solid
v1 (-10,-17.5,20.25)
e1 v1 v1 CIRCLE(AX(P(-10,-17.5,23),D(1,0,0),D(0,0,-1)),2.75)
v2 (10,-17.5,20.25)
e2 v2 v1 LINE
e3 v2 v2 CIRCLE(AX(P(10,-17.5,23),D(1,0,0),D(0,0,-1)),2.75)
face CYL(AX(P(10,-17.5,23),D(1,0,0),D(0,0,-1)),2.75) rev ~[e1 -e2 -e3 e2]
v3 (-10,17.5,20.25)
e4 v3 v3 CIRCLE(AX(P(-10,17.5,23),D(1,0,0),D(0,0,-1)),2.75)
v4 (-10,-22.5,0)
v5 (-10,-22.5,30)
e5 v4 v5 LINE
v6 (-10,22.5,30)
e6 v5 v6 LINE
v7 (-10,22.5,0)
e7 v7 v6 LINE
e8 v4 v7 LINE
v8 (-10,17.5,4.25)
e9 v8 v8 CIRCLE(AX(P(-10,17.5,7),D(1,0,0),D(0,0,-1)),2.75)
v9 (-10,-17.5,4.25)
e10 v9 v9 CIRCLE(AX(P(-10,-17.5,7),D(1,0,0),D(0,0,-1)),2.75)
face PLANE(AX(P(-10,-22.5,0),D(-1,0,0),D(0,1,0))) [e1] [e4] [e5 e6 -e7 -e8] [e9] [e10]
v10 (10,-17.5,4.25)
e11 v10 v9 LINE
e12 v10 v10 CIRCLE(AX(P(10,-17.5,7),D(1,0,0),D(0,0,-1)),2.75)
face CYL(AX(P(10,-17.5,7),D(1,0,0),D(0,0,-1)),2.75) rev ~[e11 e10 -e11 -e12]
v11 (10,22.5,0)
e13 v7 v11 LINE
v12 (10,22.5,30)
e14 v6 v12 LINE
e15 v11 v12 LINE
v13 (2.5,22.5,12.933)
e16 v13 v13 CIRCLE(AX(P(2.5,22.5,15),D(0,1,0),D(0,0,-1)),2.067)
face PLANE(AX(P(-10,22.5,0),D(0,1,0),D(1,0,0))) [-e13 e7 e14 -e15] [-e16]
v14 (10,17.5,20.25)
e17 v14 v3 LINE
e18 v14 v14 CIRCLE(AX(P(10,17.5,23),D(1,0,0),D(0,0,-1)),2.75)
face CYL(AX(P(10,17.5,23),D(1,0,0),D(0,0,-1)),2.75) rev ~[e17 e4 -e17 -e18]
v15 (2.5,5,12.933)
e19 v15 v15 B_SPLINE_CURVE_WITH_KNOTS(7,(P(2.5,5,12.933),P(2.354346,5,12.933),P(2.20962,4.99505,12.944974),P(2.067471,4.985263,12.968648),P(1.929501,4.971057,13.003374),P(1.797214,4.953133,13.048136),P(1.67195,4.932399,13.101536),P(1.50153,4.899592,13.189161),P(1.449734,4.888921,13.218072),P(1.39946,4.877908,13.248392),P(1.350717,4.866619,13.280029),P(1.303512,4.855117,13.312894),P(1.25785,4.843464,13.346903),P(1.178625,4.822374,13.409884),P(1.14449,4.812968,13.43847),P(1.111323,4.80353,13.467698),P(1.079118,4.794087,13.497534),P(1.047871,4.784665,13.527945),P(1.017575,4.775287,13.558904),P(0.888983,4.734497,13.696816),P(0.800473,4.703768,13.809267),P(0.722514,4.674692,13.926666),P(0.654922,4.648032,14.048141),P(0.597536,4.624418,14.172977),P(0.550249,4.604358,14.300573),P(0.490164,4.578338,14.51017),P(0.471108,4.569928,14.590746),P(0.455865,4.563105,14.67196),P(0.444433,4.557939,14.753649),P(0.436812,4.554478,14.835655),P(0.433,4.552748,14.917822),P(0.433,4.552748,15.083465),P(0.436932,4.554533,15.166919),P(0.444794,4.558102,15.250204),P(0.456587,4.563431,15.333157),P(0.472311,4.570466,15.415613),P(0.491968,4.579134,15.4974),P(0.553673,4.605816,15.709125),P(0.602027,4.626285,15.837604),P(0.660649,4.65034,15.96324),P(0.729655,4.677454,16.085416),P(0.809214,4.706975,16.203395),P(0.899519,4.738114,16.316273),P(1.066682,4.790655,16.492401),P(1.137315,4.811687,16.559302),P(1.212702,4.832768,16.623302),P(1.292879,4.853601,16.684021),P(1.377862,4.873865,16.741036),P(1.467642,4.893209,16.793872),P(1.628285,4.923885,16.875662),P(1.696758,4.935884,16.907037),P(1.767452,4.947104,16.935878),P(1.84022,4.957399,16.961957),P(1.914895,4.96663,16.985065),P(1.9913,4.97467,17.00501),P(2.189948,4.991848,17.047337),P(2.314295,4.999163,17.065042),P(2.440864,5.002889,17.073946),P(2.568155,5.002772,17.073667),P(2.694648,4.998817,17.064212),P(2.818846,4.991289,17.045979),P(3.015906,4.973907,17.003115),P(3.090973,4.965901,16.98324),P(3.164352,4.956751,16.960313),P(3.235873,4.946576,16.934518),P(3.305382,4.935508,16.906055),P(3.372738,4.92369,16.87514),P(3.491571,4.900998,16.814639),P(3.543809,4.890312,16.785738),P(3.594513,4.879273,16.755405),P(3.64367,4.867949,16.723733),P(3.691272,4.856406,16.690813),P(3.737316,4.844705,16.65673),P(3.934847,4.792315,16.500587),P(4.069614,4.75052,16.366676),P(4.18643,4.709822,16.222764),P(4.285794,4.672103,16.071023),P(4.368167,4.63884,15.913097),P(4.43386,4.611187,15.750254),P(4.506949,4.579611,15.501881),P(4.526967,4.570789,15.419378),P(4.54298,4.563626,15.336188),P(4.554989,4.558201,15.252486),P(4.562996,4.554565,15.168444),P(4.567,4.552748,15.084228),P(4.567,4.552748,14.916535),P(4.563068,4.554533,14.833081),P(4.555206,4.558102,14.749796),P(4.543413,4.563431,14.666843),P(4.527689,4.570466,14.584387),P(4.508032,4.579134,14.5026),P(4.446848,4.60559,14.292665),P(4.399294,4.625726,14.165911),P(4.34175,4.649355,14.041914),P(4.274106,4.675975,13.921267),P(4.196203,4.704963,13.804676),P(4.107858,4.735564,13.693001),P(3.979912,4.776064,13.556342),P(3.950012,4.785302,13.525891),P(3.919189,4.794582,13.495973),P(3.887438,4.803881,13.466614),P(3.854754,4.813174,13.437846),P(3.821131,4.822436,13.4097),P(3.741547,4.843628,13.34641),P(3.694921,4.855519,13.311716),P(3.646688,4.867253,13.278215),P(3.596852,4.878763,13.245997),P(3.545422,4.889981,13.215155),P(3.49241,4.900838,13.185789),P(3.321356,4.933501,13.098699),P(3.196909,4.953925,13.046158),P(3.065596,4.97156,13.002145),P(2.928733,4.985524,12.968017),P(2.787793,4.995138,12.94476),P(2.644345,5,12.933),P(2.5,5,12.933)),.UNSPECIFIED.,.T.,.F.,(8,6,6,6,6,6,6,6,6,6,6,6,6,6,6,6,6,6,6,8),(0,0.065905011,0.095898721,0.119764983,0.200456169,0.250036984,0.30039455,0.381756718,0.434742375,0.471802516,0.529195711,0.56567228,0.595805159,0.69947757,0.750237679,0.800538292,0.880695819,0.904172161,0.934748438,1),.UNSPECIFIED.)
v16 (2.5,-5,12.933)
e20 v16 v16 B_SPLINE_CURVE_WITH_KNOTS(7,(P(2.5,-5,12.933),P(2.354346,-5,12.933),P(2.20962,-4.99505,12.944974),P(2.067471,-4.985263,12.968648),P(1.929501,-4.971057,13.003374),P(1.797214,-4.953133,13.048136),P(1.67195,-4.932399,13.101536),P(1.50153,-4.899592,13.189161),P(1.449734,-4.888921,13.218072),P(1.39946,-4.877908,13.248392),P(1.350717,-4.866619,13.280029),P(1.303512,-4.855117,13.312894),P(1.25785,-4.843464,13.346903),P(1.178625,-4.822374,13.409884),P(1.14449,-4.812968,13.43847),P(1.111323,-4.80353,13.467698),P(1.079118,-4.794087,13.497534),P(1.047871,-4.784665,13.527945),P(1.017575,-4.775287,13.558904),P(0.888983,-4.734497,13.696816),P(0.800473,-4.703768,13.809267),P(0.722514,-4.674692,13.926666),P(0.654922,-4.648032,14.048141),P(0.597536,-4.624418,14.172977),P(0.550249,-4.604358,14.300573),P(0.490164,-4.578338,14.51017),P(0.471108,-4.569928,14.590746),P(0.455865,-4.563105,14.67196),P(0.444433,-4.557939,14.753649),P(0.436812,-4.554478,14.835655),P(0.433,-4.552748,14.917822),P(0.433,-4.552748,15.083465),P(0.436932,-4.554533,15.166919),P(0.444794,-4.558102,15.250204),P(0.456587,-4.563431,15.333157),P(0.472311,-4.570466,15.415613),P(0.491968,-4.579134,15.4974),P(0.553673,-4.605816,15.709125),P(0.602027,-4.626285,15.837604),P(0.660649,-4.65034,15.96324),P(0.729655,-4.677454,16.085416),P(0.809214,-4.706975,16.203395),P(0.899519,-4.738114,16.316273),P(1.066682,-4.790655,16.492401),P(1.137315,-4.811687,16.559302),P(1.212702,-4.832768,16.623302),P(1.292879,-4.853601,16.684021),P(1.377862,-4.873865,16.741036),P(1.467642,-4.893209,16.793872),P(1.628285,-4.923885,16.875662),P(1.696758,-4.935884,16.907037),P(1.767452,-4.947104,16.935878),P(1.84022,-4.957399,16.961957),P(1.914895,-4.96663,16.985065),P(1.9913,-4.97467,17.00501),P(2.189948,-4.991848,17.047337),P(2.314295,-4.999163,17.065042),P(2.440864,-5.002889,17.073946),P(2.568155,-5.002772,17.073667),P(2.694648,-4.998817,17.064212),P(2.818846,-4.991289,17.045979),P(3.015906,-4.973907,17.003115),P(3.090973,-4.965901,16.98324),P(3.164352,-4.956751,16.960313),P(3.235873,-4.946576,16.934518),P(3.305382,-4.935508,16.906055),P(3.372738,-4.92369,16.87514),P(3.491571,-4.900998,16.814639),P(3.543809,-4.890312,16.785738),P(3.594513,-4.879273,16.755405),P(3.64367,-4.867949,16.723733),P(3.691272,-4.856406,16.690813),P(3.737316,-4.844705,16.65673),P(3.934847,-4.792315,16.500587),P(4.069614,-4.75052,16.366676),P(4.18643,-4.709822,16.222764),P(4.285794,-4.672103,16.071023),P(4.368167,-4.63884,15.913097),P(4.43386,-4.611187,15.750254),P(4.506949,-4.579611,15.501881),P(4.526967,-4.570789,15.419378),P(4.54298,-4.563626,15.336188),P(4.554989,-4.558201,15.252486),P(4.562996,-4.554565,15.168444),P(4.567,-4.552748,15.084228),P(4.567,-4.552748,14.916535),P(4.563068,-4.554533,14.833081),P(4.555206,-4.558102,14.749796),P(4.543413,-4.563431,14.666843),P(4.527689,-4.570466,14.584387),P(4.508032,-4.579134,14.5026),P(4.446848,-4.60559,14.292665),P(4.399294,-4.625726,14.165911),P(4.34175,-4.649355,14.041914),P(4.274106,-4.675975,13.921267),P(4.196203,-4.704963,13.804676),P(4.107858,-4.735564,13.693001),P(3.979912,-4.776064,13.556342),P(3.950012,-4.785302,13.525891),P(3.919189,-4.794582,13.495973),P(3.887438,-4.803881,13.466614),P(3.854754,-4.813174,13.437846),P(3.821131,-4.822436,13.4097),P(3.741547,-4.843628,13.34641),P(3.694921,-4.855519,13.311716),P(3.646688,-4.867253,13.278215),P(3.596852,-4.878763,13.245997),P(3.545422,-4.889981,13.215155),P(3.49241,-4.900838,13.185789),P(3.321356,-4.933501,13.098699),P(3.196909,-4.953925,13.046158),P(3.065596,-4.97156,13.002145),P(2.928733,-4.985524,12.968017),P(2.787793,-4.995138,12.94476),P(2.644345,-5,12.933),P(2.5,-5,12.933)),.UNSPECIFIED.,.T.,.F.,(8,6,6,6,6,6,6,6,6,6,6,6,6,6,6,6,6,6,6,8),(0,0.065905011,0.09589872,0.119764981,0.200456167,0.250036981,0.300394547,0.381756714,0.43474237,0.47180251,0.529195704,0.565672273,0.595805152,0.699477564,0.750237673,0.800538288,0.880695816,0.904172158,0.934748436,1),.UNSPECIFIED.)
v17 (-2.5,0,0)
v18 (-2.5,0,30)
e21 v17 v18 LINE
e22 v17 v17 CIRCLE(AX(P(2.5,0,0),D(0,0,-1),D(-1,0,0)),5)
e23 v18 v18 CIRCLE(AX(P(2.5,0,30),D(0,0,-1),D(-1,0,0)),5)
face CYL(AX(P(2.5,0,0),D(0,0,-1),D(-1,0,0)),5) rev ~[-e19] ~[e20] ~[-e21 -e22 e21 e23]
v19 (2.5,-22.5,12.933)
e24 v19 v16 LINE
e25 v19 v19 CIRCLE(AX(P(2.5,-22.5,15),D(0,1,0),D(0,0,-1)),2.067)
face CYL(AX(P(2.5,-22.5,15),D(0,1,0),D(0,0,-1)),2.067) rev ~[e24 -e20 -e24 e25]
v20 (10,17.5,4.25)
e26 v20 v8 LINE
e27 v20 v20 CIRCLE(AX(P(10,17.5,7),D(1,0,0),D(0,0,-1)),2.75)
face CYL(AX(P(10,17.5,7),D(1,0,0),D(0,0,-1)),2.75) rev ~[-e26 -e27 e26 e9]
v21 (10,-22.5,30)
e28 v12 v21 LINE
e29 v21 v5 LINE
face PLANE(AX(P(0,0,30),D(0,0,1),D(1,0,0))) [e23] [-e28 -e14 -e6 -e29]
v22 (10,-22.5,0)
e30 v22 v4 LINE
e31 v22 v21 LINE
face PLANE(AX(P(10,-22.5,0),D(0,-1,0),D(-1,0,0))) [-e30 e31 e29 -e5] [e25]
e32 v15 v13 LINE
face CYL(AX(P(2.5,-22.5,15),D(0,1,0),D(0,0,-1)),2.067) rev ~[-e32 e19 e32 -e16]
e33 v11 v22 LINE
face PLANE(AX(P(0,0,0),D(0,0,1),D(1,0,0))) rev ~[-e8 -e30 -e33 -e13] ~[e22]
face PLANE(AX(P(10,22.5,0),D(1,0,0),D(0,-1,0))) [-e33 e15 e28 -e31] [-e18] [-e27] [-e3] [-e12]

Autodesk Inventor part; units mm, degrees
ref_plane "YZ Plane" through (0, 0, 0) normal (1, 0, 0) x (0, 1, 0)
ref_plane "XZ Plane" through (0, 0, 0) normal (0, 1, 0) x (-1, 0, 0)
ref_plane "XY Plane" through (0, 0, 0) normal (0, 0, 1) x (1, 0, 0)
sketch "Sketch1" plane through (0, 0, 0) normal (0, 0, 1) x (1, 0, 0)
  line L0 (-10, 22.5) -> (10, 22.5)
  line L1 (10, 22.5) -> (10, -22.5)
  line L2 (10, -22.5) -> (-10, -22.5)
  line L3 (-10, -22.5) -> (-10, 22.5)
  point P0 (0, 0)
  point P1 (0, 22.5)
  point P2 (-10, 0)
  dimension "d0" = 20
  dimension "d1" = 45
extrude "Extrusion1" add sketch "Sketch1" along normal blind 30
sketch "Sketch3" plane through (0, 0, 0) normal (0, 0, -1) x (-1, 0, 0)
  circle A0 centre (-2.5, 0) radius 5
  line L0 (-10, -22.5) -> (-10, 22.5) projected
  point P0 (-10, 0)
  dimension "d4" = 10
  dimension "d5" = 7.5
extrude "Extrusion2" cut sketch "Sketch3" against normal through all
sketch "Sketch4" plane through (10, -22.5, 0) normal (1, 0, 0) x (0, 0, -1)
  circle A0 centre (-7, 40) radius 2.75
  circle A1 centre (-7, 5) radius 2.75
  line L0 (0, 0) -> (0, 45) projected
  line L1 (0, 45) -> (-30, 45) projected
  line L2 (0, 0) -> (-30, 0) projected
  circle A2 centre (-23, 40) radius 2.75
  circle A3 centre (-23, 5) radius 2.75
  line L3 (-30, 0) -> (-30, 45) projected
  point P0 (0, 22.5)
  dimension "d8" = 5.5
  dimension "d9" = 5.5
  dimension "d10" = 7
  dimension "d11" = 5
  dimension "d12" = 5
  dimension "d13" = 7
  dimension "d16" = 35
  dimension "d17" = 16
extrude "Extrusion3" cut sketch "Sketch4" against normal through all contours A1
pattern_linear "Rectangular Pattern1" count 2 spacing 16 along (0, 0, 1) count 2 spacing 35 along (0, 1, 0) of "Extrusion3"
sketch "Sketch5" plane through (-10, -22.5, 0) normal (0, -1, 0) x (1, 0, 0)
  line L0 (0, 0) -> (0, 30) projected
  line L1 (0, 0) -> (20, 0) projected
  point P0 (12.5, 15)
  point P1 (0, 15)
  point P2 (10, 0)
  dimension "d38" = 12.5
hole "Hole1" at (2.5, -22.5, 15) direction (0, 1, 0) diameter 4.134 end through all thread size "M5x0.8" class "6H" standard "ISO Metric profile"
equation "\"d13\" = d10"
properties part number "0005-10-015 suport tija" material "Wood (Maple)"
